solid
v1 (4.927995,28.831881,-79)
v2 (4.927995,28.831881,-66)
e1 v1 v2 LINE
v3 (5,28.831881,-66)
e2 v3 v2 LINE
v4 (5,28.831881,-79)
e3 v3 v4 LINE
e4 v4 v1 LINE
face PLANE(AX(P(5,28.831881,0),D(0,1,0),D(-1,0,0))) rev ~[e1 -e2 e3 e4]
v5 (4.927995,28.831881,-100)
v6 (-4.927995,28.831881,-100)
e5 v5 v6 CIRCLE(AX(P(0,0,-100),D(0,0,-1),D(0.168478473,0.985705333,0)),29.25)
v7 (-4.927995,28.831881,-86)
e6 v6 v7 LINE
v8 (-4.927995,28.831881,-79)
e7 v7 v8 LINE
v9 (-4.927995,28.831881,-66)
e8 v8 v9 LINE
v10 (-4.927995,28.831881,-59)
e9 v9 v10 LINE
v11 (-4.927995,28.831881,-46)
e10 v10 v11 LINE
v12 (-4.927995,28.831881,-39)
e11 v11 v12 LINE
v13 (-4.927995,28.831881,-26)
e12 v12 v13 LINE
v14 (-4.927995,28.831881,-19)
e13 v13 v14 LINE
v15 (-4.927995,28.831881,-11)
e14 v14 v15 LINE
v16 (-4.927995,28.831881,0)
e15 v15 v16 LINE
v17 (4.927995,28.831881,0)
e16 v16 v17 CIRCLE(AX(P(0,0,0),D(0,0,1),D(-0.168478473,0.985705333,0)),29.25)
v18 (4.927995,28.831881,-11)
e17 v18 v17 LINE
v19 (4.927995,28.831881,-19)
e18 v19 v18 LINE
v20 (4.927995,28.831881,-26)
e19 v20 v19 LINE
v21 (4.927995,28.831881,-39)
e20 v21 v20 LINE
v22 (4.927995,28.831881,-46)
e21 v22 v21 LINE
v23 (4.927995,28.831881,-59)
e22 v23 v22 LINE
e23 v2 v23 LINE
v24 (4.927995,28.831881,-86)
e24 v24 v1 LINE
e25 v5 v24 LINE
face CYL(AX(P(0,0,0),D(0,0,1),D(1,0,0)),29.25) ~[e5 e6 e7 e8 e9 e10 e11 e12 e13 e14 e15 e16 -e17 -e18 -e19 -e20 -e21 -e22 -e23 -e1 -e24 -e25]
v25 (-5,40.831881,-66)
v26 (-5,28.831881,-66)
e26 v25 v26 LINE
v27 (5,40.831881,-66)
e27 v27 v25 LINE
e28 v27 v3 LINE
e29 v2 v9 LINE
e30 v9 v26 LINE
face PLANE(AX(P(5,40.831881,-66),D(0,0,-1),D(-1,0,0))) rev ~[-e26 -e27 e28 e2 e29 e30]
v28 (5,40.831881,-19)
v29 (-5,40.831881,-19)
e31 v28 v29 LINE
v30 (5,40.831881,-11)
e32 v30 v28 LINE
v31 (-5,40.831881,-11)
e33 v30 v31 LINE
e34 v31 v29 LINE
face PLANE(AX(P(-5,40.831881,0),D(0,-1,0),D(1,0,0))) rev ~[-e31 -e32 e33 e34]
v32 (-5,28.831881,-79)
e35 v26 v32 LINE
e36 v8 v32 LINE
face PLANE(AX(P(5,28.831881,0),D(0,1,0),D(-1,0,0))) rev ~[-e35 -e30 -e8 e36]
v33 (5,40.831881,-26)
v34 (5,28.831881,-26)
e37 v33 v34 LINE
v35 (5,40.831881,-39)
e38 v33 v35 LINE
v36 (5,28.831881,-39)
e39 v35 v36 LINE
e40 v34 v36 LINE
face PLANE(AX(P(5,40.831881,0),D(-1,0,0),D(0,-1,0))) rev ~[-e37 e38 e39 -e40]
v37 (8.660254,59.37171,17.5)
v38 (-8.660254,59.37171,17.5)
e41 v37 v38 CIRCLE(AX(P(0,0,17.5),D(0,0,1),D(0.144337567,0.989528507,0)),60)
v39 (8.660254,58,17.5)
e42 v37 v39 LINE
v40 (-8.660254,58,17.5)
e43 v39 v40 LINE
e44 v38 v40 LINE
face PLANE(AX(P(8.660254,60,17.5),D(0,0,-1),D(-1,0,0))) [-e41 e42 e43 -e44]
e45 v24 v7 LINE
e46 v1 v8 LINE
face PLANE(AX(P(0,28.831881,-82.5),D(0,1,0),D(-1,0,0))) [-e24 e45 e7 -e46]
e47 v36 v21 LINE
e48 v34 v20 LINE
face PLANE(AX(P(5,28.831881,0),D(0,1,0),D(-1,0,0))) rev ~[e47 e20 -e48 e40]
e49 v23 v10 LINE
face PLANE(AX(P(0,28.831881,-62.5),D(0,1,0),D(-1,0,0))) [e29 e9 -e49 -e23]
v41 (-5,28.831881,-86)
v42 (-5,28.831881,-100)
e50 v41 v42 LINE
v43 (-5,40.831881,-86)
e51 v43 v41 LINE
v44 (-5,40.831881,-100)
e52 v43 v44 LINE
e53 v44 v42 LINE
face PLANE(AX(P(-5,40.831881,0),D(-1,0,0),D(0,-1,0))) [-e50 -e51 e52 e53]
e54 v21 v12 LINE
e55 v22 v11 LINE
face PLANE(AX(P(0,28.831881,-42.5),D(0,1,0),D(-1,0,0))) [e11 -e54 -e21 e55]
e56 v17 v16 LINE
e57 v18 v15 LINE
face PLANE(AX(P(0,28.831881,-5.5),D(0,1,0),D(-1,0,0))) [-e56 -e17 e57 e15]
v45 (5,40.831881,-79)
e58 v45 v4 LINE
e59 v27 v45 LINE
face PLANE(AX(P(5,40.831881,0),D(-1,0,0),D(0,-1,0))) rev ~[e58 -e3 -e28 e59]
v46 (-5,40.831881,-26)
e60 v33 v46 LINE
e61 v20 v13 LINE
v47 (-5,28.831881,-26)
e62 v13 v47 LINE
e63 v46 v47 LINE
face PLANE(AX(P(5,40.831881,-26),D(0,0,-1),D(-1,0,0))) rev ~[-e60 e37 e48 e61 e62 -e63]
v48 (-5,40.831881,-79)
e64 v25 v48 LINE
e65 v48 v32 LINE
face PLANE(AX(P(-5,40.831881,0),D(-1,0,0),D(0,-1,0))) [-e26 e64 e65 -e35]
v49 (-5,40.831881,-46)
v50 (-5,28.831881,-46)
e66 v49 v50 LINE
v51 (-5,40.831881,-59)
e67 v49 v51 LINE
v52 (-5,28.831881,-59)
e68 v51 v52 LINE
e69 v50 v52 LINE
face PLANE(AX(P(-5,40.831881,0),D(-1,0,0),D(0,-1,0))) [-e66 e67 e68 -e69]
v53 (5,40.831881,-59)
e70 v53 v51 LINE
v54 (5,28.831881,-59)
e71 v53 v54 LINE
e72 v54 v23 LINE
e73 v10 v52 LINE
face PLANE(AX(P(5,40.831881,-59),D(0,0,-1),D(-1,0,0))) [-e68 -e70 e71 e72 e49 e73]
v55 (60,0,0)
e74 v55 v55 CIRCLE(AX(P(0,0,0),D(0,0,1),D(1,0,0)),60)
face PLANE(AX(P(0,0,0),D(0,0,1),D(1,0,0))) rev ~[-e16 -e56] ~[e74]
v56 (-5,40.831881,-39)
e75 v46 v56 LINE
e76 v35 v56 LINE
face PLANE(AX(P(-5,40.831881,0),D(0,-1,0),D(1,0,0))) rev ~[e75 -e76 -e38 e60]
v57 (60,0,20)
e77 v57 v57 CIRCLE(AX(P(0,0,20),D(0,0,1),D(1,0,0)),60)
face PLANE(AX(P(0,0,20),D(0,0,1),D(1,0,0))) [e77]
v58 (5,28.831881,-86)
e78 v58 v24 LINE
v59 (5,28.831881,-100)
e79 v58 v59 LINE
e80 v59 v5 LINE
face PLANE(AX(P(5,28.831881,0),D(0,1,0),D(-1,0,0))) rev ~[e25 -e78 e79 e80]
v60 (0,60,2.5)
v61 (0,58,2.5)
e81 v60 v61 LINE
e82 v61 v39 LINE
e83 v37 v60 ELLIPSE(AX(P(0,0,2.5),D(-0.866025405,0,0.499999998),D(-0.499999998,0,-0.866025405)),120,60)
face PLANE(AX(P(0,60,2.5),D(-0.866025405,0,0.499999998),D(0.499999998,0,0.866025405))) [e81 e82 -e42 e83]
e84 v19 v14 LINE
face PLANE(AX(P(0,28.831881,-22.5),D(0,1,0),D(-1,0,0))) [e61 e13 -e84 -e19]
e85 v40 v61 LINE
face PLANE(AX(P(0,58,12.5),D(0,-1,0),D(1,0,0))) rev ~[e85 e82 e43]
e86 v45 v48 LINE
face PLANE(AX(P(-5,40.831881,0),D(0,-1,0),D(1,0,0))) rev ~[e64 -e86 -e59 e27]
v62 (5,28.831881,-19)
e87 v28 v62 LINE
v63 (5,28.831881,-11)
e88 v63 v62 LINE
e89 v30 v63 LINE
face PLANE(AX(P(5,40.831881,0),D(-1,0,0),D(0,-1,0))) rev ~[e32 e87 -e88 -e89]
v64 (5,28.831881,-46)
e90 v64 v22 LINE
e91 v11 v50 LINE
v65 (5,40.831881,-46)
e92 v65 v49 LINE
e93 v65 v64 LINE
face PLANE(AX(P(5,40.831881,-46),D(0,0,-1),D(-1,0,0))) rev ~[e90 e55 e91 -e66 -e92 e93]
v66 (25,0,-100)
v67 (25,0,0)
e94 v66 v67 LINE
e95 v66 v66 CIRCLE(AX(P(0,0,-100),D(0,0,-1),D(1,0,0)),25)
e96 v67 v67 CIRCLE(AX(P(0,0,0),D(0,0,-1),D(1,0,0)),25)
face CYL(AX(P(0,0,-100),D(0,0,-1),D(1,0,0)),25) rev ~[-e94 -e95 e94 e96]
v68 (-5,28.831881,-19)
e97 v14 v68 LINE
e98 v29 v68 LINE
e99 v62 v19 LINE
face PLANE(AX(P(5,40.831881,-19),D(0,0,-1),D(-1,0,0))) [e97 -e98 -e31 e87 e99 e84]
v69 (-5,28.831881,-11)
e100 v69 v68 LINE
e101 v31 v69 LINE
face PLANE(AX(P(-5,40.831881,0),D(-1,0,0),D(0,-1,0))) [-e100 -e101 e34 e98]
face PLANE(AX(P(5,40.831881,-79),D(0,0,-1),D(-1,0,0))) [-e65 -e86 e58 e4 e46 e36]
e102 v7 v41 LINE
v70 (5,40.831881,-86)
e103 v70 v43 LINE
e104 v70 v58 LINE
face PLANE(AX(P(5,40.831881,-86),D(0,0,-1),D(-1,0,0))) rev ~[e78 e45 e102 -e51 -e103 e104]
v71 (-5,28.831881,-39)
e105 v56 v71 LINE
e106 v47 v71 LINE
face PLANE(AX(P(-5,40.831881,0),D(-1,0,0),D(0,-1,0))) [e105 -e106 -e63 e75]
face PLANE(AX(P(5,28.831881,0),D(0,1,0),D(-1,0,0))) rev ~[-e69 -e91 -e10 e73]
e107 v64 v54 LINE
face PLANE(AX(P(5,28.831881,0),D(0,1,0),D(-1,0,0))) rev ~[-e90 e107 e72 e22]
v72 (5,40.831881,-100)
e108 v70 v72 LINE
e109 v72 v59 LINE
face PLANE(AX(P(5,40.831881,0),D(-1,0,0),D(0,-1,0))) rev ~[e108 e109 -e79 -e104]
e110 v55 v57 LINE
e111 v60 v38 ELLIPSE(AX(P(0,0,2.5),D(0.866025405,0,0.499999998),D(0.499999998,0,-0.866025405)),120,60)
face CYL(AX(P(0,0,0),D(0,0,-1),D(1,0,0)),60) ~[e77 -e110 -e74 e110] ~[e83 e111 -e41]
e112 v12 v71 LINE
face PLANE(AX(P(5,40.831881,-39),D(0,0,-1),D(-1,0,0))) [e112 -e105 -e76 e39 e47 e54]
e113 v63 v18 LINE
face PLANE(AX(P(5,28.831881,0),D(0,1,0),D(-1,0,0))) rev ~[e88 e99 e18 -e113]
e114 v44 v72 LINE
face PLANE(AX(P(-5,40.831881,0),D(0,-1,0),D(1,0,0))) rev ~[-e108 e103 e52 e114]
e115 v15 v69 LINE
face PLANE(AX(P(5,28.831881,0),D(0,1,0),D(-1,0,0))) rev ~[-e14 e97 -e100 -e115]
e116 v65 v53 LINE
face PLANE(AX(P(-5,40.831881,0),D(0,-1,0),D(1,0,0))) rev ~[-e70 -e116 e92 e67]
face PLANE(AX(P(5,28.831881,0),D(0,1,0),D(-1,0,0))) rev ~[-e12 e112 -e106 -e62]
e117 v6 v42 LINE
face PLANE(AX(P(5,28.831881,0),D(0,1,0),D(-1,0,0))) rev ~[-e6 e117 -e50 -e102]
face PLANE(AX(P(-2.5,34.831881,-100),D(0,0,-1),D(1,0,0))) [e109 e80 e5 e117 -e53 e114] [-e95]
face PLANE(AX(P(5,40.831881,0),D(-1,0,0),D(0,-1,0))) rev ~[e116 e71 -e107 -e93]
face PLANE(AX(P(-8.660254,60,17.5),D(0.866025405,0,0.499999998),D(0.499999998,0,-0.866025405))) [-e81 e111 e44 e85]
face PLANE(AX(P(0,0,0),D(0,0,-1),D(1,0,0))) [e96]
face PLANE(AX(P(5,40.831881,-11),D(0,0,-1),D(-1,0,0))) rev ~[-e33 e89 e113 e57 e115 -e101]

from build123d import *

# Parameters (mm, degrees)
F0_R      = 60
F1_DEPTH  = 20
F2_R      = 29.25
F3_DEPTH  = 100
F4_R      = 25
F5_DEPTH  = 100
F6_W      = 5
F6_H      = 12
F7_DEPTH  = 100
F8_W      = 10
F8_H      = 7
F8_H_2    = 11
F9_DEPTH  = 12
F12_DEPTH = 2


with BuildPart() as f1:
    # F0 (on Top) → F1 (new body)
    with BuildSketch(Plane.XY):
        Circle(F0_R)
    extrude(amount=F1_DEPTH)

    # F2 (on face) → F3 (join)
    with BuildSketch(Plane(origin=(0, 0, 0), x_dir=(1, 0, 0), z_dir=(0, 0, -1))):
        Circle(F2_R)
    extrude(amount=F3_DEPTH)

    # F4 (on face) → F5 (cut)
    with BuildSketch(Plane(origin=(0, 0, -100), x_dir=(1, 0, 0), z_dir=(0, 0, -1))):
        Circle(F4_R)
    extrude(amount=-F5_DEPTH, mode=Mode.SUBTRACT)

    # F6 (on face) → F7 (join)
    with BuildSketch(Plane(origin=(0, 0, 0), x_dir=(1, 0, 0), z_dir=(0, 0, -1))):
        with Locations((-2.5, -34.831881)):
            Rectangle(F6_W, F6_H)
        with Locations((2.5, -34.831881)):
            Rectangle(F6_W, F6_H)
    extrude(amount=F7_DEPTH)

    # F8 (on face) → F9 (cut)
    with BuildSketch(Plane(origin=(0, 40.831881, 0), x_dir=(-1, 0, 0), z_dir=(0, 1, 0))):
        with Locations((0, -82.5)):
            Rectangle(F8_W, F8_H)
        with Locations((0, -62.5)):
            Rectangle(F8_W, F8_H)
        with Locations((0, -42.5)):
            Rectangle(F8_W, F8_H)
        with Locations((0, -22.5)):
            Rectangle(F8_W, F8_H)
        with Locations((0, -5.5)):
            Rectangle(F8_W, F8_H_2)
    extrude(amount=-F9_DEPTH, mode=Mode.SUBTRACT)

    # F11 (on offset) → F12 (cut)
    with BuildSketch(Plane.XZ.offset(-60)):
        Polygon((-8.660254, 17.5), (0, 2.5), (8.660254, 17.5), align=None)
    extrude(amount=F12_DEPTH, mode=Mode.SUBTRACT)


solid = f1.part
